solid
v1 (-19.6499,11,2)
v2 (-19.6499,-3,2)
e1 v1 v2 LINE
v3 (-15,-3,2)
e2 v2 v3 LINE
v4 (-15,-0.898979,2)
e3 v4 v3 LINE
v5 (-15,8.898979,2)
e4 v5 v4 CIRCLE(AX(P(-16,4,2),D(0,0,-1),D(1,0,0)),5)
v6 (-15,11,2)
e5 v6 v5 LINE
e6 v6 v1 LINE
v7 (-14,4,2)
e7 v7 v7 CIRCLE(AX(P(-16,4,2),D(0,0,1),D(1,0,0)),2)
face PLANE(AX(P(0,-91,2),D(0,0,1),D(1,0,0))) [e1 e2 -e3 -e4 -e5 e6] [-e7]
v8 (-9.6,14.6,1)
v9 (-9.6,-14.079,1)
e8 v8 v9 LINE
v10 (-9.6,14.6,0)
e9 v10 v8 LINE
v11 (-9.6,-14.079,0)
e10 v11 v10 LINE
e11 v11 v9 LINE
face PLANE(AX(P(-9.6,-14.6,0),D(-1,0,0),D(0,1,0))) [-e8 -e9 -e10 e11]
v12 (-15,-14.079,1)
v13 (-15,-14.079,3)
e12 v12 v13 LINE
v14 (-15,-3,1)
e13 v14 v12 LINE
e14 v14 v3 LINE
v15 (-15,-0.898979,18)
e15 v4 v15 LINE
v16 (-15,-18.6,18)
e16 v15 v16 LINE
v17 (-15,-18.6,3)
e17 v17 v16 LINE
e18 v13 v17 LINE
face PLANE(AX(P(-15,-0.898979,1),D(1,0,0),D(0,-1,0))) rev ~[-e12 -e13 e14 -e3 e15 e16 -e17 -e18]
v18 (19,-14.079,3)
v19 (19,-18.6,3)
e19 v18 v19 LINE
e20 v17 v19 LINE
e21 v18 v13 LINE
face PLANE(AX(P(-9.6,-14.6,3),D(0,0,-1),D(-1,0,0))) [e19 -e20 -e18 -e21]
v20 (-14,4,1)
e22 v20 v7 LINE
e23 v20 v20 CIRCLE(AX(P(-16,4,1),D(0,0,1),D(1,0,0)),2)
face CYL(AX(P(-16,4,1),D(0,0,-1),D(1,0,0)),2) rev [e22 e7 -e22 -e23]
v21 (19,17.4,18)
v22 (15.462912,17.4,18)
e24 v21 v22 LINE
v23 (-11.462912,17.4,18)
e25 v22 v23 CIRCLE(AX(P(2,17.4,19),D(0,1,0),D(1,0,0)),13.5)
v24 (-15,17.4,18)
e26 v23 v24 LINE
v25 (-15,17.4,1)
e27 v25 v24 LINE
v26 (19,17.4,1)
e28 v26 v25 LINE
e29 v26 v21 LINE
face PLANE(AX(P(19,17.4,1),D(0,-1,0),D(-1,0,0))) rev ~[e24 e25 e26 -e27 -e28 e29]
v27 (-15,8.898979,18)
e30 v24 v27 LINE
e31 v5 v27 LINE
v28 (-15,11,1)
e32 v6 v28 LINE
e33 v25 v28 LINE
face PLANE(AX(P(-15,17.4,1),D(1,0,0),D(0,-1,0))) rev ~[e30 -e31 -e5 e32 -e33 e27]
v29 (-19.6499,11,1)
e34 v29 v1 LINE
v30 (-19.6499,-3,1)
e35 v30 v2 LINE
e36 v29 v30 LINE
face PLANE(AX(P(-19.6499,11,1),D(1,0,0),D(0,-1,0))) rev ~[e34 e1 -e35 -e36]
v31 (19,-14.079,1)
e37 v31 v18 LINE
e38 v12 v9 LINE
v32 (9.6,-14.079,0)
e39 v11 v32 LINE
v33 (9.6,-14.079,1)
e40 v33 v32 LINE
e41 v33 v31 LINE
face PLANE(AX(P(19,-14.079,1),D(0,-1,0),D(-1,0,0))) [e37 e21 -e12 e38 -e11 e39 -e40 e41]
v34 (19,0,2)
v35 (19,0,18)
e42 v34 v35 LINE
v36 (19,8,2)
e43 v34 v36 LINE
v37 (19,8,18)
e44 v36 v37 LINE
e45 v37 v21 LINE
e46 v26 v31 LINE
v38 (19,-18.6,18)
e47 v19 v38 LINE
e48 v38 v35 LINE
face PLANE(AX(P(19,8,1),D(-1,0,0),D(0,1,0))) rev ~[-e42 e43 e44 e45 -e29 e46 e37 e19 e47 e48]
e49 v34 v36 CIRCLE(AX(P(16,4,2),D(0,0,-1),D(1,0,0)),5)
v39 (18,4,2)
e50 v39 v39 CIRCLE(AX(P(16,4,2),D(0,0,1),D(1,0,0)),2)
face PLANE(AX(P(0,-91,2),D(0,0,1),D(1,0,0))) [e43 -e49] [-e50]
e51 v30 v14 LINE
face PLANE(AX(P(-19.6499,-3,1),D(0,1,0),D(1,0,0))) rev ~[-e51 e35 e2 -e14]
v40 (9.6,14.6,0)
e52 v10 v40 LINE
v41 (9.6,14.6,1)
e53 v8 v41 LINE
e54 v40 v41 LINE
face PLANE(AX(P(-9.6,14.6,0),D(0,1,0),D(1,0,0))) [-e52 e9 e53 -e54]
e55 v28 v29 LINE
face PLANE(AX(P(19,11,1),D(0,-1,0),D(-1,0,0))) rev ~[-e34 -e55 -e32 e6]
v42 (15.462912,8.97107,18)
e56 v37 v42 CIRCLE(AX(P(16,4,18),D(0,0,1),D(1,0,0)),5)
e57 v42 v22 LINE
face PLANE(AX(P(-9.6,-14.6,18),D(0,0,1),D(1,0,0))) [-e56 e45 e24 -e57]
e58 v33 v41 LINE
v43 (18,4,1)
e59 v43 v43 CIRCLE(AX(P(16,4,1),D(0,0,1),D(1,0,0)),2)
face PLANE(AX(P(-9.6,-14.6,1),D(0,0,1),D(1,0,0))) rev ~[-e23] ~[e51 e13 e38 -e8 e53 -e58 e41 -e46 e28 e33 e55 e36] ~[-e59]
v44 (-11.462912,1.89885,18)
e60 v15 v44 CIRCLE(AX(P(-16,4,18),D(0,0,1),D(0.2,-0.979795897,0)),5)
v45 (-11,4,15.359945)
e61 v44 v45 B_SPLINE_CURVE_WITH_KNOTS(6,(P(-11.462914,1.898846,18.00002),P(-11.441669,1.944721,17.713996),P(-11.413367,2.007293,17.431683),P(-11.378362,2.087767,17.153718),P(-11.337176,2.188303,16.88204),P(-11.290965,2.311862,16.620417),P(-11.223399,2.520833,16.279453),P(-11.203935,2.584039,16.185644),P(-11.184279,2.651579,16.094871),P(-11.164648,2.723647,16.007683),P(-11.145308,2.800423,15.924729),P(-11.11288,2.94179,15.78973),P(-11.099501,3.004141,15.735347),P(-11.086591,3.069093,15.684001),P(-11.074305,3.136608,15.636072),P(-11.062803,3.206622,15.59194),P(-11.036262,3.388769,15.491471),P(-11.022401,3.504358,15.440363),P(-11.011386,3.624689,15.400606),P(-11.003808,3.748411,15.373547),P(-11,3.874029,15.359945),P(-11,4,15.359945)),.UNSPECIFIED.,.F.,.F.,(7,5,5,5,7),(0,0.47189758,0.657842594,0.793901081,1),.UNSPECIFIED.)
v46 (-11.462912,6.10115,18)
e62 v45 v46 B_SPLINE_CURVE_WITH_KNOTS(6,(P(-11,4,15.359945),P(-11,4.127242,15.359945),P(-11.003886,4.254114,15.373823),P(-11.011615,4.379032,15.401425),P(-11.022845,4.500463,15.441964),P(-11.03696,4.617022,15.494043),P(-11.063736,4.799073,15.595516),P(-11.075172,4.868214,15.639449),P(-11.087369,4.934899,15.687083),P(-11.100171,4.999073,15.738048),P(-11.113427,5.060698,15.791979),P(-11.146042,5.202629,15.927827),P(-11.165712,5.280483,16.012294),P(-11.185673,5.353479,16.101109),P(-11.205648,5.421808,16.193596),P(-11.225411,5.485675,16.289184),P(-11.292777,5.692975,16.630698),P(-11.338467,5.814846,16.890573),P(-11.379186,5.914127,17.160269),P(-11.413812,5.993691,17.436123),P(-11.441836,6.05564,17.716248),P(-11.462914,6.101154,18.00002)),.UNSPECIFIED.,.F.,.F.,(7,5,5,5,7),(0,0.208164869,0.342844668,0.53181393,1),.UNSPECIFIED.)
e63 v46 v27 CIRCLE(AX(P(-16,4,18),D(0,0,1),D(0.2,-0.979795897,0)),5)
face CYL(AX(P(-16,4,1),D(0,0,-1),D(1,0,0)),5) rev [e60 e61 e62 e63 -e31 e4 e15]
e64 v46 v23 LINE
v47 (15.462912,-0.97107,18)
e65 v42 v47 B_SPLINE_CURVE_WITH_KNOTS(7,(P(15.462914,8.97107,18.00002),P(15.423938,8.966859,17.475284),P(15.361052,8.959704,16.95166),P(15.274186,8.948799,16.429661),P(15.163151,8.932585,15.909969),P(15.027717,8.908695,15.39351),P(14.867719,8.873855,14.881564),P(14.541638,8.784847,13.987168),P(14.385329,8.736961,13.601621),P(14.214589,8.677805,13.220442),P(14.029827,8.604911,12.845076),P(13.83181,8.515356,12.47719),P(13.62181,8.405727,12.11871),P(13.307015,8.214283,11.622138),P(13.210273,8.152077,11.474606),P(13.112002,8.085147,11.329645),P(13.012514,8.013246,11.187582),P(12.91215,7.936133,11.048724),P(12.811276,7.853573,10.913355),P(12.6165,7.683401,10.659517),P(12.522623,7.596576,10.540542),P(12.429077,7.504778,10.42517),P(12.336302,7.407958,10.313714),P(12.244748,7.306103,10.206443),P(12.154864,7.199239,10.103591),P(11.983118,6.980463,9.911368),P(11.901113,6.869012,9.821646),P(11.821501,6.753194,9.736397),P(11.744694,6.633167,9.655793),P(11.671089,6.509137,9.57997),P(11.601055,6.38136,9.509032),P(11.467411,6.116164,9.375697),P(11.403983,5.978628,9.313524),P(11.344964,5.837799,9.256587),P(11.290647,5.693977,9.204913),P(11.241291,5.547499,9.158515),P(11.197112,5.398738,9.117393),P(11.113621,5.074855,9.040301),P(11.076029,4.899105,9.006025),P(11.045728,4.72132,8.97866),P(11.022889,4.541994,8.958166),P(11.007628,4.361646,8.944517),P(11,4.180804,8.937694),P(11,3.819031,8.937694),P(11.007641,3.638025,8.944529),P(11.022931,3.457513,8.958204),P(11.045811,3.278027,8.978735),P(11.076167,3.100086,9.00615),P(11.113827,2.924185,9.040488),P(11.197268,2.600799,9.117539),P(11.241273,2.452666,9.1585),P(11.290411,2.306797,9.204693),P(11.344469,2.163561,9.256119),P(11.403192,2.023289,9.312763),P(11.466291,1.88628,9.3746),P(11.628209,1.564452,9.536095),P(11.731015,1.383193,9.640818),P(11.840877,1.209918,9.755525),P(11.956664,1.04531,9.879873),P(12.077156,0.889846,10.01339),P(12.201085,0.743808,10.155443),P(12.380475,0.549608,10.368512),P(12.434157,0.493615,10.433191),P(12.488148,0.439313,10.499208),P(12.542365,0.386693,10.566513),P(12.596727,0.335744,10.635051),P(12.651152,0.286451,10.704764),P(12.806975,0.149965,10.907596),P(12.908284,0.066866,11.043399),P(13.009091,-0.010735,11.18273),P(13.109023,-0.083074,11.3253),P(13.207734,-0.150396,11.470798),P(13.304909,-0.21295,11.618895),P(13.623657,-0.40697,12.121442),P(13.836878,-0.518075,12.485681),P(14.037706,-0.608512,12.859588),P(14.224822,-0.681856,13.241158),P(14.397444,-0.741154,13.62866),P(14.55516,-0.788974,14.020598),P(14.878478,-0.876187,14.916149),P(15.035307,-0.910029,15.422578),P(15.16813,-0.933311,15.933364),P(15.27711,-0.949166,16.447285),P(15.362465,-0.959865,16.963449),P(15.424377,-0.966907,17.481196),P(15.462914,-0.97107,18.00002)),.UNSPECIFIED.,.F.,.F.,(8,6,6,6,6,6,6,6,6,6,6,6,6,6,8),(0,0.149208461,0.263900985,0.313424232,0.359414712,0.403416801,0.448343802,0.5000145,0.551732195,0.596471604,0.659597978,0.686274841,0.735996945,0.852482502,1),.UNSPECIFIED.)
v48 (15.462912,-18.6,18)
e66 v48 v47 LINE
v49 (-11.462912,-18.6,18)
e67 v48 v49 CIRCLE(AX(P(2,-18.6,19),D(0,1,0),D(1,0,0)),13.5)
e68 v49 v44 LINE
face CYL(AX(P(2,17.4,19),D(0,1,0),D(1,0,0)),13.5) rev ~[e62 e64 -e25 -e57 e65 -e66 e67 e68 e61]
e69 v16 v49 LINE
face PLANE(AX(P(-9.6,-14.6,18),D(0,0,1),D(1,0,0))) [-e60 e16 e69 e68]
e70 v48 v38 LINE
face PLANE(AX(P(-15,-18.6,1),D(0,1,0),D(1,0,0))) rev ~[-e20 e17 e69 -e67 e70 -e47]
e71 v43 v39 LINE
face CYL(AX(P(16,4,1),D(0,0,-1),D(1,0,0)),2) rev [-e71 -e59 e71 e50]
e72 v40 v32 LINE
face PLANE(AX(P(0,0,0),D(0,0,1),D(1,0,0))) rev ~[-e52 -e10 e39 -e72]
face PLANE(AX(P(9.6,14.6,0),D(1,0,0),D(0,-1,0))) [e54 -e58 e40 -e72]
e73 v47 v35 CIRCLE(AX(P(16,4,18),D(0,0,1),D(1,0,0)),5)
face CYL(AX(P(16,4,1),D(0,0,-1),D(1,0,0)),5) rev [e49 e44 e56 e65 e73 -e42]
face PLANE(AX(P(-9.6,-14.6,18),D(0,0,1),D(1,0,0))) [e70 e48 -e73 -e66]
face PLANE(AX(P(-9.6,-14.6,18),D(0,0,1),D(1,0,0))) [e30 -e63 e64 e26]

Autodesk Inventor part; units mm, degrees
ref_plane "YZ Plane" through (0, 0, 0) normal (1, 0, 0) x (0, 1, 0)
ref_plane "XZ Plane" through (0, 0, 0) normal (0, 1, 0) x (-1, 0, 0)
sketch "Sketch1" plane through (0, 0, 0) normal (0, 0, 1) x (1, 0, 0)
  line L0 (10, -15) -> (-10, -15) projected
  line L1 (10, 15) -> (10, -15) projected
  line L2 (-10, 15) -> (10, 15) projected
  line L3 (-10, -15) -> (-10, 15) projected
  line L4 (9.6, -14.6) -> (-9.6, -14.6)
  line L5 (-9.6, -14.6) -> (-9.6, 14.6)
  line L6 (-9.6, 14.6) -> (9.6, 14.6)
  line L7 (9.6, 14.6) -> (9.6, -14.6)
  point P0 (0, 0)
  dimension "d0" = 0.4
ref_plane "Work Plane1" through (-20.5, -15, 1) normal (0, 0, 1) x (1, 0, 0)
extrude "Extrusion1" add sketch "Sketch1" along normal up to surface (1 mm away) contours L4 L5 L6 L7
sketch "Sketch2" plane through (-9.6, -14.6, 1) normal (0, 0, 1) x (1, 0, 0)
  circle A0 centre (-6.4, 18.6) radius 2 projected
  circle A1 centre (25.6, 18.6) radius 2 projected
  line L0 (0, 0) -> (0, 29.2) projected
  line L1 (19.2, 0) -> (0, 0) projected
  line L2 (19.2, 29.2) -> (19.2, 0) projected
  line L3 (0, 29.2) -> (19.2, 29.2) projected
  line L4 (-0.4, -4.9) -> (-0.4, 26.1) construction
  line L5 (23.6, -4.9) -> (23.6, 26.1) construction
  line L6 (28.6, 32) -> (-5.4, 32)
  line L7 (-5.4, 32) -> (-5.4, -4)
  line L8 (-5.4, -4) -> (28.6, -4)
  line L9 (28.6, -4) -> (28.6, 32)
  circle A2 centre (25.6, 18.6) radius 5
  circle A3 centre (-6.4, 18.6) radius 5
  point P0 (-5.4, 23.499)
  point P1 (-5.4, 13.701)
  point P2 (28.6, 14.6)
  point P3 (28.6, 22.6)
  dimension "d12" = 34
  dimension "d13" = 4
  dimension "d14" = 24
  dimension "d15" = 5
  dimension "d16" = 36
  dimension "d17" = 3
  dimension "d18" = 3
extrude "Extrusion2" add sketch "Sketch2" along normal blind 17 contours L7 L6 L9 A2 L8 A3 | L0 L3 L2 L1
sketch "Sketch4" plane through (-15, 17.4, 1) normal (0, 1, 0) x (1, 0, 0)
  circle A0 centre (17, -18) radius 12 projected
  circle A1 centre (17, -18) radius 13.5
  line L0 (34, -17) -> (26, -17) projected
  point P0 (15, 1)
  dimension "d19" = 1.5
extrude "Extrusion3" cut sketch "Sketch4" against normal up to surface (36 mm away) contours A0 | A1
ref_plane "Work Plane2" through (0, -91, 1) normal (0, 0, 1) x (1, 0, 0)
ref_plane "Work Plane3" through (0, -91, 1) normal (0, 0, 1) x (1, 0, 0)
sketch "Sketch5" plane through (0, -91, 1) normal (0, 0, 1) x (1, 0, 0)
  circle A0 centre (-16, 95) radius 2 projected
  circle A1 centre (16, 95) radius 2 projected
  line L0 (19, 99) -> (19, 108.4) projected
  line L1 (19, 102) -> (-19.6499, 102)
  line L2 (-19.6499, 102) -> (-19.6499, 88)
  line L3 (-19.6499, 88) -> (19, 88)
  line L4 (19, 88) -> (19, 102)
  point P0 (0, 91)
  dimension "d22" = 14
  dimension "d23" = 7
  dimension "d24" = 3.6498
extrude "Extrusion4" add sketch "Sketch5" along normal blind 1
sketch "Sketch6" plane through (-9.6, -14.6, 1) normal (0, 0, -1) x (-1, 0, 0)
  line L0 (-30.1, -0.4) -> (10.9, -0.4)
  line L1 (-28.6, -4) -> (-28.6, 32) projected
  line L2 (5.4, 11.6) -> (5.4, -4) projected
  line L3 (-28.6, 0.521) -> (5.4, 0.521)
  line L4 (5.4, 0.521) -> (5.4, -4)
  line L5 (5.4, -4) -> (-28.6, -4)
  line L6 (-28.6, -4) -> (-28.6, 0.521)
  point P0 (-9.6, 14.6)
  point P1 (-28.6, -4)
  point P2 (5.4, 0.521)
extrude "Extrusion5" cut sketch "Sketch6" against normal mid plane 4
equation "\"d15\" = -0.5 * d14 + 0.5 * d12"
equation "\"d23\" = 0.5 * d22"
properties part number "MotorBracket"
